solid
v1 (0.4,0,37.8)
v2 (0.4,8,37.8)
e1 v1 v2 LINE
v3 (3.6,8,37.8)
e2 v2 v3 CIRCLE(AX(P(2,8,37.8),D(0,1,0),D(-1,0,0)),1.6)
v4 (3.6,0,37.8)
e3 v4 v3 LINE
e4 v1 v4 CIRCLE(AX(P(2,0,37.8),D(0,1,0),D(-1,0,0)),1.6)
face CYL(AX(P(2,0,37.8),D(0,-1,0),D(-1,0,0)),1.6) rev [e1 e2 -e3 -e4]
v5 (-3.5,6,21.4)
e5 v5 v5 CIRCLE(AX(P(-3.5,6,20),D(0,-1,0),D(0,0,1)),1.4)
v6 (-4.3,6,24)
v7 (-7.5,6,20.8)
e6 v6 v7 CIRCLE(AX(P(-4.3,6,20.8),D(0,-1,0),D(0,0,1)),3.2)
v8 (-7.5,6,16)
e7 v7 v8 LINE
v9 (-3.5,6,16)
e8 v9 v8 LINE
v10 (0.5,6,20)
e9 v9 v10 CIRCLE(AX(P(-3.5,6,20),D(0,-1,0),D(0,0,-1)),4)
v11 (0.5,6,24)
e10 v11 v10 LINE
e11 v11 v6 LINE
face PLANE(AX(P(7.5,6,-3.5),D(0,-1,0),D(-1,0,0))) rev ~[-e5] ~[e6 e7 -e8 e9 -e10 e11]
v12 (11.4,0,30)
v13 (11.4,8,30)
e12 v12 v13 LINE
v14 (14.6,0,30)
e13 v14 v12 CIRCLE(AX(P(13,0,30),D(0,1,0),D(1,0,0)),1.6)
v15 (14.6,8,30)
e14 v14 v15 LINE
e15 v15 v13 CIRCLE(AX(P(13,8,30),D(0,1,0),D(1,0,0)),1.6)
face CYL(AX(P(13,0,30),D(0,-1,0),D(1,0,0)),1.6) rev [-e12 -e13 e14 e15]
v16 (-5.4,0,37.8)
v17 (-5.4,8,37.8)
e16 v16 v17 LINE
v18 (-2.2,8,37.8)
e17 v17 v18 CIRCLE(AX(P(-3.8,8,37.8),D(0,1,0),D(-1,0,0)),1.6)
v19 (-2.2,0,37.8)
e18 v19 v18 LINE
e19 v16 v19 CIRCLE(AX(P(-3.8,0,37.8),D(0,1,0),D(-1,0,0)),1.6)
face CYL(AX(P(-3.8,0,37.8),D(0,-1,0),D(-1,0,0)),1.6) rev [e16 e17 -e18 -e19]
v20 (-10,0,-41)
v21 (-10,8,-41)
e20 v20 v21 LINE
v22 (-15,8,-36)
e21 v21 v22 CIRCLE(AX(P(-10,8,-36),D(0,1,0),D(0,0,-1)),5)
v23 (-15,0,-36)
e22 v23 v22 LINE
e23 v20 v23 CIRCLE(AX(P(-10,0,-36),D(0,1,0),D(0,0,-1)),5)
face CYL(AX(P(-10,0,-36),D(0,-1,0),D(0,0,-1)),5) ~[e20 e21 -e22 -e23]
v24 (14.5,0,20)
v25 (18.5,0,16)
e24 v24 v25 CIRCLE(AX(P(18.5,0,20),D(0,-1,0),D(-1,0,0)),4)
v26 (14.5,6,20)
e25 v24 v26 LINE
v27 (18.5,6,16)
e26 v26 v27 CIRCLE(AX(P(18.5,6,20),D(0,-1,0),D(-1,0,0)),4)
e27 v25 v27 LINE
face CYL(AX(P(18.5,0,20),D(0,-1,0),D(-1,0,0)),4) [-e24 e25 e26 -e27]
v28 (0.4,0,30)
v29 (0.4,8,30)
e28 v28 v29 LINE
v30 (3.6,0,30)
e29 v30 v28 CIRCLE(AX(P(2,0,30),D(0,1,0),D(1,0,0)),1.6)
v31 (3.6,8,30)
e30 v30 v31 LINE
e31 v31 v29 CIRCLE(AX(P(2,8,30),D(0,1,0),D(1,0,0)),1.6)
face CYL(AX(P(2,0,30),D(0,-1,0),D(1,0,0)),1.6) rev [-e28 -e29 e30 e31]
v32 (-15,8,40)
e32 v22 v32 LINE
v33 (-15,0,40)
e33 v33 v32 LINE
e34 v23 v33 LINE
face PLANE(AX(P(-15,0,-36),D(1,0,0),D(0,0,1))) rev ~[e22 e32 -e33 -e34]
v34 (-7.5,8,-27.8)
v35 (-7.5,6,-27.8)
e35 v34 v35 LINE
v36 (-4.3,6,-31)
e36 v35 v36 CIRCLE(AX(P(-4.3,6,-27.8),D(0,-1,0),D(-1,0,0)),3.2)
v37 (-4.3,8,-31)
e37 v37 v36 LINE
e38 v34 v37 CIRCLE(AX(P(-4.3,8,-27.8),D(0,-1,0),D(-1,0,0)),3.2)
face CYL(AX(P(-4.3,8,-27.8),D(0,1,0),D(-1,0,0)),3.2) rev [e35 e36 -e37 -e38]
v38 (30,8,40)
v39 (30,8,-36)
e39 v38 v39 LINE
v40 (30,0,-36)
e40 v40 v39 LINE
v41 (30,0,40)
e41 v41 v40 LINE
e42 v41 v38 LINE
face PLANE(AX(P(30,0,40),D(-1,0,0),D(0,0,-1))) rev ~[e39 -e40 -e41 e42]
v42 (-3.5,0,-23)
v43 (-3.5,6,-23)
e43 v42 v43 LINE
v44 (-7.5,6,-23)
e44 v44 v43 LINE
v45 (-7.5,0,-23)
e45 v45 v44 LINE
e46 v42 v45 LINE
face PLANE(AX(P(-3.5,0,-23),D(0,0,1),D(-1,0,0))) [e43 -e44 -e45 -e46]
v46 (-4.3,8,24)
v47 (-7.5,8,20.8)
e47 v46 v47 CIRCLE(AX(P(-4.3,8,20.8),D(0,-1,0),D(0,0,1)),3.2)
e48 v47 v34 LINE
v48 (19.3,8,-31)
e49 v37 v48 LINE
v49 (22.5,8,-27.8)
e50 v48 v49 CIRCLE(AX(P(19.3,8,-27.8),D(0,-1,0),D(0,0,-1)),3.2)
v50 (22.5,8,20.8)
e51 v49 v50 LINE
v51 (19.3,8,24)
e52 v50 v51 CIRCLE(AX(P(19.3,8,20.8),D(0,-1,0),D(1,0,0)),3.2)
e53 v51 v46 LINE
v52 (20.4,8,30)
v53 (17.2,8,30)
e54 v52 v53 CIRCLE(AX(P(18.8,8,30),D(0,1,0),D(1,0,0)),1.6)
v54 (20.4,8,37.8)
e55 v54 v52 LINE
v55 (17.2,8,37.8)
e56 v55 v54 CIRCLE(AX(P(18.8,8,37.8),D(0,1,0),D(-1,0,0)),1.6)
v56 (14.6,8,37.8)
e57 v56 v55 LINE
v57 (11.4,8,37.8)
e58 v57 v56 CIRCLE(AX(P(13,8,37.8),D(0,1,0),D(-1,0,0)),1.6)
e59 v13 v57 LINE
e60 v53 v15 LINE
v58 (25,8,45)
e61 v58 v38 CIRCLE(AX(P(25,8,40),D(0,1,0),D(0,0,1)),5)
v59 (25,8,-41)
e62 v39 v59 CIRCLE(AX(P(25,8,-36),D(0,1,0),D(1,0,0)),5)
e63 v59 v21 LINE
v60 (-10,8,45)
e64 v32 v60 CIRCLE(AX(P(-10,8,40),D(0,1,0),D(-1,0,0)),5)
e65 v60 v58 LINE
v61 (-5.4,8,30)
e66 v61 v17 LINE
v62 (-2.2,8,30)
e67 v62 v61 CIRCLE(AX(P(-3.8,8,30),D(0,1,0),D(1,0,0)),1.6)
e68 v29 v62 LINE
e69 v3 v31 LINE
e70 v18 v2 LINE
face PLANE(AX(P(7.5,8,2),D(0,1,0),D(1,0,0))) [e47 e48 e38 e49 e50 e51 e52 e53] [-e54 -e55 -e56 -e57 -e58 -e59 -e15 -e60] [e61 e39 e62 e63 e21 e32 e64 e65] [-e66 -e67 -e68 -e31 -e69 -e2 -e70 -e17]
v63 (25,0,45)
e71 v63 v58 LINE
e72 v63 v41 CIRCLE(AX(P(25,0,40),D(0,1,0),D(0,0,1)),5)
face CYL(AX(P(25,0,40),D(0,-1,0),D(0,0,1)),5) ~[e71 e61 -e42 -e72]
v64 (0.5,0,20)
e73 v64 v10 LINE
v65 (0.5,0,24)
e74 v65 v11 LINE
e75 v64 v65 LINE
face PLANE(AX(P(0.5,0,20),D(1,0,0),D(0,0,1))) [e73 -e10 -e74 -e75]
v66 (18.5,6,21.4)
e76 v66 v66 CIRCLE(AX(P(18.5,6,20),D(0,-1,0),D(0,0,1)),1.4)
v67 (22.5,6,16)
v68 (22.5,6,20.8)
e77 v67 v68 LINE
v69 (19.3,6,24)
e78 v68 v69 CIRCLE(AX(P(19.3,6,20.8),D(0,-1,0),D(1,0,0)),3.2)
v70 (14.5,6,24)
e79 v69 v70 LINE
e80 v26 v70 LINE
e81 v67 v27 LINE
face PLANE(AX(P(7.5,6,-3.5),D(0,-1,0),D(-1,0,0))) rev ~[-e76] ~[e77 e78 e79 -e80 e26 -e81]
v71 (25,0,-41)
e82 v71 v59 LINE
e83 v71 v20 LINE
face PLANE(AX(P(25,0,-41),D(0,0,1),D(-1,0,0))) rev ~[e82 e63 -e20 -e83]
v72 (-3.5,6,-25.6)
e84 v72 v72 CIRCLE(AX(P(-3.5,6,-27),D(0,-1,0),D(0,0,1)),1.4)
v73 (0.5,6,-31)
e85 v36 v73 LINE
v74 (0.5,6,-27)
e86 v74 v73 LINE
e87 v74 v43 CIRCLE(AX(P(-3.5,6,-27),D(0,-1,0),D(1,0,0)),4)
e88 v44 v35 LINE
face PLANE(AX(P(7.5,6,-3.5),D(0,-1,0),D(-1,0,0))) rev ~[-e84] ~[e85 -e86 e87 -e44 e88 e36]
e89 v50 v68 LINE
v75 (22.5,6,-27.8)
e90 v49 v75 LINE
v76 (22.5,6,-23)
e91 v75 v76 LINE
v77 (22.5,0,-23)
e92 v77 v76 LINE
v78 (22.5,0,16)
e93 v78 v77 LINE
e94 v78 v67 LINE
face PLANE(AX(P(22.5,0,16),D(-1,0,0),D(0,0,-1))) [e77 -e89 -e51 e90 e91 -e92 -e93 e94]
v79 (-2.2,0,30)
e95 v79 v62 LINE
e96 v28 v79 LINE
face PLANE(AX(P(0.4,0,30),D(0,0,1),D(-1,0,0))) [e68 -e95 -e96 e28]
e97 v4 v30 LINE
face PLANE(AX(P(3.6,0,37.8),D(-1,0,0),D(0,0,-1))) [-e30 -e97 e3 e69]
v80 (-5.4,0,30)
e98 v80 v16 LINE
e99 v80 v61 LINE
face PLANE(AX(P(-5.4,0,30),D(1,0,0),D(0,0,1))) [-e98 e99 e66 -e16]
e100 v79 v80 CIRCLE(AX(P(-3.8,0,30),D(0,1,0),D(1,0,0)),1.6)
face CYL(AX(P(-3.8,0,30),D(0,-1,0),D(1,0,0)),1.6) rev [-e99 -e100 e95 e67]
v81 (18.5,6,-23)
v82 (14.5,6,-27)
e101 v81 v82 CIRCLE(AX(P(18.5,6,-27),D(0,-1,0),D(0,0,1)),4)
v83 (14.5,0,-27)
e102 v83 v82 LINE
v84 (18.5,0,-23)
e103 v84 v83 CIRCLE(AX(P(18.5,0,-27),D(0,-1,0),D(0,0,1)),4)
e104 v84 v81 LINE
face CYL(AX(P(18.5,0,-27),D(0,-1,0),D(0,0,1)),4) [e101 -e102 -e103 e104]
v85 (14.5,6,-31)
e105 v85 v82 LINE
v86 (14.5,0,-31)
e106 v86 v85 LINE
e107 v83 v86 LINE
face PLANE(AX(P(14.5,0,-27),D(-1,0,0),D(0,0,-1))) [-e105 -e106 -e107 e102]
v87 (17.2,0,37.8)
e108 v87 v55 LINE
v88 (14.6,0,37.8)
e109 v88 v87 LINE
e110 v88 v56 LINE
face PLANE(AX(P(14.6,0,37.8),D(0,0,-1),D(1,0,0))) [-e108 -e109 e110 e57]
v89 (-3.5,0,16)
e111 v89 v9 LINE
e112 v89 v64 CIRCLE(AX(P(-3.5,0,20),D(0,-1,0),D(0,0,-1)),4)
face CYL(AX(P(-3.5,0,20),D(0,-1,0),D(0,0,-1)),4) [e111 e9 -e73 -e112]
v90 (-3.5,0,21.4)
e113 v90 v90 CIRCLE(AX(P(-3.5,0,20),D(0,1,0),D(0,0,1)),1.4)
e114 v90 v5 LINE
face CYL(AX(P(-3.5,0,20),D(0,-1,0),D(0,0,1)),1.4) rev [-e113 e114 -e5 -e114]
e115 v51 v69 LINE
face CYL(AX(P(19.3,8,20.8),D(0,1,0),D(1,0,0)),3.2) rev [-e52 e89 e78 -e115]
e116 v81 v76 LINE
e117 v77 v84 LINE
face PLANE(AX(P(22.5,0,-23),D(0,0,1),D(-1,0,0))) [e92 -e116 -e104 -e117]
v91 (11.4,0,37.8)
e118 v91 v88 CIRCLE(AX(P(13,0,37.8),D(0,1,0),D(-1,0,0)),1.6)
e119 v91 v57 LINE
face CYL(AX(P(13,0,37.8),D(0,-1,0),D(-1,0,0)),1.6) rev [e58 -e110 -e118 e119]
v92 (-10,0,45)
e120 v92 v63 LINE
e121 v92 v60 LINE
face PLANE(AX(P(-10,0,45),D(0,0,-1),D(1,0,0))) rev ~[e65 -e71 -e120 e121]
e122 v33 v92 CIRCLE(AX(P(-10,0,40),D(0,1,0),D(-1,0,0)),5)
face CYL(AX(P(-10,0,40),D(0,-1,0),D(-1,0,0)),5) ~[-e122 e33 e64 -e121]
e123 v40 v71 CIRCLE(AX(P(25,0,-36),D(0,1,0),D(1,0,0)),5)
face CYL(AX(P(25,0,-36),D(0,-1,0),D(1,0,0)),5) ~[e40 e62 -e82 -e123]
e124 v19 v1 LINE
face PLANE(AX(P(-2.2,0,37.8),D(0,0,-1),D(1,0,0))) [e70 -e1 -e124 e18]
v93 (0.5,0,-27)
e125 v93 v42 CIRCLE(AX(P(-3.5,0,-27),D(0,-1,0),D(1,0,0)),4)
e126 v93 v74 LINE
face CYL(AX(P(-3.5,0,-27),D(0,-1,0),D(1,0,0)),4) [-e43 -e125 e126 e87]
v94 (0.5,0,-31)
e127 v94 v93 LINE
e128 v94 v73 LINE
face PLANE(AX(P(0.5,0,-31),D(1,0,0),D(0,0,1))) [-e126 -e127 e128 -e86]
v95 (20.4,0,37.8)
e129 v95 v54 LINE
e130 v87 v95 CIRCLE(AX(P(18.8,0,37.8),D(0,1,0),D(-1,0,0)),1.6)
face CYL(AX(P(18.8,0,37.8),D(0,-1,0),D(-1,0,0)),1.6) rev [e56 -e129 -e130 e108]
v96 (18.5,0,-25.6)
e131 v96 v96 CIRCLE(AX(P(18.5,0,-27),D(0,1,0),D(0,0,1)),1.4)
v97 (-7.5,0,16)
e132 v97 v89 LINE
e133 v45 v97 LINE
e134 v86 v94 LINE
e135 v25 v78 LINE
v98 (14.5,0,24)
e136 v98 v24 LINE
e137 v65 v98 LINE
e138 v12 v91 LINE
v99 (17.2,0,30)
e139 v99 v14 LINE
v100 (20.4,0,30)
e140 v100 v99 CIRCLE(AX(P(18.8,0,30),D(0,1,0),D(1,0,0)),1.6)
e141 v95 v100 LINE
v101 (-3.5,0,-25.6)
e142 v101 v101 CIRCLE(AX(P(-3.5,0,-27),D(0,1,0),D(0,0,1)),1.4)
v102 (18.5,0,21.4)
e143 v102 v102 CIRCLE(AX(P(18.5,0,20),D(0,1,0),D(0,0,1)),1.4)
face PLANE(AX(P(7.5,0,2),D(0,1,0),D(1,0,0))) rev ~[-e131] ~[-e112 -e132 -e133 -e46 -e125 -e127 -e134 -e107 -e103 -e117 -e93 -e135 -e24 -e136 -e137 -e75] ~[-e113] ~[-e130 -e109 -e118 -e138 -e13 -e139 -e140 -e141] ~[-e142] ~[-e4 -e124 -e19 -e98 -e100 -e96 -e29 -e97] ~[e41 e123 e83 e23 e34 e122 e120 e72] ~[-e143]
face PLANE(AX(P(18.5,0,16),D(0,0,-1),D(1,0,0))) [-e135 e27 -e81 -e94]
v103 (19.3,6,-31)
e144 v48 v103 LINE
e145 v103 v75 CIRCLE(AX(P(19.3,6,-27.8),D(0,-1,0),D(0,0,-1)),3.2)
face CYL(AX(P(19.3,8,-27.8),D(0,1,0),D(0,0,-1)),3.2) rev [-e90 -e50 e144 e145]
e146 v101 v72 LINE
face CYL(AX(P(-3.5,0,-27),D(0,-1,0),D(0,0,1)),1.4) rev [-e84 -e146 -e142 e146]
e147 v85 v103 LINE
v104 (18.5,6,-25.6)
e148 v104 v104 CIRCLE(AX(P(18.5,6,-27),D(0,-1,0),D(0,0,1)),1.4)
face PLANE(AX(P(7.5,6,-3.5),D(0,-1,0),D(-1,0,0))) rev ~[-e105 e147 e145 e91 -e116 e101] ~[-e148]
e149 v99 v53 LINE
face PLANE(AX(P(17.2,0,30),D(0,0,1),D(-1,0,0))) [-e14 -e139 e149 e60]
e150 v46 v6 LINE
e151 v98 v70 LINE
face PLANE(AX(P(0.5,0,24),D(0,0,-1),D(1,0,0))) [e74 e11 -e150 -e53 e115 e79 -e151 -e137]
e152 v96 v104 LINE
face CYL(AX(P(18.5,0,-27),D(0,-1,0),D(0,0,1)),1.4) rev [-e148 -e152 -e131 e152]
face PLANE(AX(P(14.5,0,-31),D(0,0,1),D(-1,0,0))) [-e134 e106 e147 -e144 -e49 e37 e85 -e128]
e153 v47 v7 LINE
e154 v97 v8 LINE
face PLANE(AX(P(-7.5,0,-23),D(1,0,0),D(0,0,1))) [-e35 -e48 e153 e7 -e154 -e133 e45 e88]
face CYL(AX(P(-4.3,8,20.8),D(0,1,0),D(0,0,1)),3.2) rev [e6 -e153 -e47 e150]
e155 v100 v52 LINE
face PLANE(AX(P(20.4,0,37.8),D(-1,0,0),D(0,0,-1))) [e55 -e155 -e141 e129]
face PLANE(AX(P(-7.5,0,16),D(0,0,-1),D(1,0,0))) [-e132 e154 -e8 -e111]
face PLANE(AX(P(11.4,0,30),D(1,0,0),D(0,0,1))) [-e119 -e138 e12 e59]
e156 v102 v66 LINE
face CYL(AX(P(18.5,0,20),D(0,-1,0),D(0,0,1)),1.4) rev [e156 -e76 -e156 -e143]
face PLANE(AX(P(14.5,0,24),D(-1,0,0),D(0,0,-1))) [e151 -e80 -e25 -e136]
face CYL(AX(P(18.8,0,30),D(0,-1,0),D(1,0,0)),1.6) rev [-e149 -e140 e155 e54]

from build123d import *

# Parameters (mm, degrees)
SKETCH1_R           = 1.4
BOSS_EXTRUDE1_DEPTH = 8
CUT_EXTRUDE1_DEPTH  = 2


with BuildPart() as part:
    # Sketch1 → Boss-Extrude1 (new body)
    with BuildSketch(Plane(origin=(0, 0, 0), x_dir=(1, 0, 0), z_dir=(0, 1, 0))):
        with BuildLine():
            Line((-15, 36), (-15, -40))
            ThreePointArc((-15, -40), (-13.535533906, -43.535533906), (-10, -45))
            Line((-10, -45), (25, -45))
            ThreePointArc((25, -45), (28.535533906, -43.535533906), (30, -40))
            Line((30, -40), (30, 36))
            ThreePointArc((30, 36), (28.535533906, 39.535533906), (25, 41))
            Line((25, 41), (-10, 41))
            ThreePointArc((-10, 41), (-13.535533906, 39.535533906), (-15, 36))
        make_face()
        with Locations(Location((18.5, -20, 0), (0, 0, 270))):
            Circle(SKETCH1_R, mode=Mode.SUBTRACT)
        with Locations(Location((-3.5, -20, 0), (0, 0, 270))):
            Circle(SKETCH1_R, mode=Mode.SUBTRACT)
        with Locations(Location((18.5, 27, 0), (0, 0, 270))):
            Circle(SKETCH1_R, mode=Mode.SUBTRACT)
        with Locations(Location((-3.5, 27, 0), (0, 0, 270))):
            Circle(SKETCH1_R, mode=Mode.SUBTRACT)
        with BuildLine():
            Line((-2.2, -37.8), (0.4, -37.8))
            ThreePointArc((0.4, -37.8), (2, -39.4), (3.6, -37.8))
            Line((3.6, -37.8), (3.6, -30))
            ThreePointArc((3.6, -30), (2, -28.4), (0.4, -30))
            Line((0.4, -30), (-2.2, -30))
            ThreePointArc((-2.2, -30), (-3.8, -28.4), (-5.4, -30))
            Line((-5.4, -30), (-5.4, -37.8))
            ThreePointArc((-5.4, -37.8), (-3.8, -39.4), (-2.2, -37.8))
        make_face(mode=Mode.SUBTRACT)
        with BuildLine():
            Line((14.6, -37.8), (17.2, -37.8))
            ThreePointArc((17.2, -37.8), (18.8, -39.4), (20.4, -37.8))
            Line((20.4, -37.8), (20.4, -30))
            ThreePointArc((20.4, -30), (18.8, -28.4), (17.2, -30))
            Line((17.2, -30), (14.6, -30))
            ThreePointArc((14.6, -30), (13, -28.4), (11.4, -30))
            Line((11.4, -30), (11.4, -37.8))
            ThreePointArc((11.4, -37.8), (13, -39.4), (14.6, -37.8))
        make_face(mode=Mode.SUBTRACT)
        with BuildLine():
            Line((18.5, -16), (22.5, -16))
            Line((22.5, -16), (22.5, 23))
            Line((22.5, 23), (18.5, 23))
            ThreePointArc((18.5, 23), (15.671572875, 24.171572875), (14.5, 27))
            Line((14.5, 27), (14.5, 31))
            Line((14.5, 31), (0.5, 31))
            Line((0.5, 31), (0.5, 27))
            ThreePointArc((0.5, 27), (-0.671572875, 24.171572875), (-3.5, 23))
            Line((-3.5, 23), (-7.5, 23))
            Line((-7.5, 23), (-7.5, -16))
            Line((-7.5, -16), (-3.5, -16))
            ThreePointArc((-3.5, -16), (-0.671572875, -17.171572875), (0.5, -20))
            Line((0.5, -20), (0.5, -24))
            Line((0.5, -24), (14.5, -24))
            Line((14.5, -24), (14.5, -20))
            ThreePointArc((14.5, -20), (15.671572875, -17.171572875), (18.5, -16))
        make_face(mode=Mode.SUBTRACT)
    extrude(amount=BOSS_EXTRUDE1_DEPTH)

    # Sketch2 → Cut-Extrude1 (cut)
    with BuildSketch(Plane(origin=(0, 8, 0), x_dir=(1, 0, 0), z_dir=(0, 1, 0))):
        with BuildLine():
            Line((-4.3, 31), (19.3, 31))
            ThreePointArc((19.3, 31), (21.5627417, 30.0627417), (22.5, 27.8))
            Line((22.5, 27.8), (22.5, -20.8))
            ThreePointArc((22.5, -20.8), (21.5627417, -23.0627417), (19.3, -24))
            Line((19.3, -24), (-4.3, -24))
            ThreePointArc((-4.3, -24), (-6.5627417, -23.0627417), (-7.5, -20.8))
            Line((-7.5, -20.8), (-7.5, 27.8))
            ThreePointArc((-7.5, 27.8), (-6.5627417, 30.0627417), (-4.3, 31))
        make_face()
    extrude(amount=-CUT_EXTRUDE1_DEPTH, mode=Mode.SUBTRACT)


solid = part.part
